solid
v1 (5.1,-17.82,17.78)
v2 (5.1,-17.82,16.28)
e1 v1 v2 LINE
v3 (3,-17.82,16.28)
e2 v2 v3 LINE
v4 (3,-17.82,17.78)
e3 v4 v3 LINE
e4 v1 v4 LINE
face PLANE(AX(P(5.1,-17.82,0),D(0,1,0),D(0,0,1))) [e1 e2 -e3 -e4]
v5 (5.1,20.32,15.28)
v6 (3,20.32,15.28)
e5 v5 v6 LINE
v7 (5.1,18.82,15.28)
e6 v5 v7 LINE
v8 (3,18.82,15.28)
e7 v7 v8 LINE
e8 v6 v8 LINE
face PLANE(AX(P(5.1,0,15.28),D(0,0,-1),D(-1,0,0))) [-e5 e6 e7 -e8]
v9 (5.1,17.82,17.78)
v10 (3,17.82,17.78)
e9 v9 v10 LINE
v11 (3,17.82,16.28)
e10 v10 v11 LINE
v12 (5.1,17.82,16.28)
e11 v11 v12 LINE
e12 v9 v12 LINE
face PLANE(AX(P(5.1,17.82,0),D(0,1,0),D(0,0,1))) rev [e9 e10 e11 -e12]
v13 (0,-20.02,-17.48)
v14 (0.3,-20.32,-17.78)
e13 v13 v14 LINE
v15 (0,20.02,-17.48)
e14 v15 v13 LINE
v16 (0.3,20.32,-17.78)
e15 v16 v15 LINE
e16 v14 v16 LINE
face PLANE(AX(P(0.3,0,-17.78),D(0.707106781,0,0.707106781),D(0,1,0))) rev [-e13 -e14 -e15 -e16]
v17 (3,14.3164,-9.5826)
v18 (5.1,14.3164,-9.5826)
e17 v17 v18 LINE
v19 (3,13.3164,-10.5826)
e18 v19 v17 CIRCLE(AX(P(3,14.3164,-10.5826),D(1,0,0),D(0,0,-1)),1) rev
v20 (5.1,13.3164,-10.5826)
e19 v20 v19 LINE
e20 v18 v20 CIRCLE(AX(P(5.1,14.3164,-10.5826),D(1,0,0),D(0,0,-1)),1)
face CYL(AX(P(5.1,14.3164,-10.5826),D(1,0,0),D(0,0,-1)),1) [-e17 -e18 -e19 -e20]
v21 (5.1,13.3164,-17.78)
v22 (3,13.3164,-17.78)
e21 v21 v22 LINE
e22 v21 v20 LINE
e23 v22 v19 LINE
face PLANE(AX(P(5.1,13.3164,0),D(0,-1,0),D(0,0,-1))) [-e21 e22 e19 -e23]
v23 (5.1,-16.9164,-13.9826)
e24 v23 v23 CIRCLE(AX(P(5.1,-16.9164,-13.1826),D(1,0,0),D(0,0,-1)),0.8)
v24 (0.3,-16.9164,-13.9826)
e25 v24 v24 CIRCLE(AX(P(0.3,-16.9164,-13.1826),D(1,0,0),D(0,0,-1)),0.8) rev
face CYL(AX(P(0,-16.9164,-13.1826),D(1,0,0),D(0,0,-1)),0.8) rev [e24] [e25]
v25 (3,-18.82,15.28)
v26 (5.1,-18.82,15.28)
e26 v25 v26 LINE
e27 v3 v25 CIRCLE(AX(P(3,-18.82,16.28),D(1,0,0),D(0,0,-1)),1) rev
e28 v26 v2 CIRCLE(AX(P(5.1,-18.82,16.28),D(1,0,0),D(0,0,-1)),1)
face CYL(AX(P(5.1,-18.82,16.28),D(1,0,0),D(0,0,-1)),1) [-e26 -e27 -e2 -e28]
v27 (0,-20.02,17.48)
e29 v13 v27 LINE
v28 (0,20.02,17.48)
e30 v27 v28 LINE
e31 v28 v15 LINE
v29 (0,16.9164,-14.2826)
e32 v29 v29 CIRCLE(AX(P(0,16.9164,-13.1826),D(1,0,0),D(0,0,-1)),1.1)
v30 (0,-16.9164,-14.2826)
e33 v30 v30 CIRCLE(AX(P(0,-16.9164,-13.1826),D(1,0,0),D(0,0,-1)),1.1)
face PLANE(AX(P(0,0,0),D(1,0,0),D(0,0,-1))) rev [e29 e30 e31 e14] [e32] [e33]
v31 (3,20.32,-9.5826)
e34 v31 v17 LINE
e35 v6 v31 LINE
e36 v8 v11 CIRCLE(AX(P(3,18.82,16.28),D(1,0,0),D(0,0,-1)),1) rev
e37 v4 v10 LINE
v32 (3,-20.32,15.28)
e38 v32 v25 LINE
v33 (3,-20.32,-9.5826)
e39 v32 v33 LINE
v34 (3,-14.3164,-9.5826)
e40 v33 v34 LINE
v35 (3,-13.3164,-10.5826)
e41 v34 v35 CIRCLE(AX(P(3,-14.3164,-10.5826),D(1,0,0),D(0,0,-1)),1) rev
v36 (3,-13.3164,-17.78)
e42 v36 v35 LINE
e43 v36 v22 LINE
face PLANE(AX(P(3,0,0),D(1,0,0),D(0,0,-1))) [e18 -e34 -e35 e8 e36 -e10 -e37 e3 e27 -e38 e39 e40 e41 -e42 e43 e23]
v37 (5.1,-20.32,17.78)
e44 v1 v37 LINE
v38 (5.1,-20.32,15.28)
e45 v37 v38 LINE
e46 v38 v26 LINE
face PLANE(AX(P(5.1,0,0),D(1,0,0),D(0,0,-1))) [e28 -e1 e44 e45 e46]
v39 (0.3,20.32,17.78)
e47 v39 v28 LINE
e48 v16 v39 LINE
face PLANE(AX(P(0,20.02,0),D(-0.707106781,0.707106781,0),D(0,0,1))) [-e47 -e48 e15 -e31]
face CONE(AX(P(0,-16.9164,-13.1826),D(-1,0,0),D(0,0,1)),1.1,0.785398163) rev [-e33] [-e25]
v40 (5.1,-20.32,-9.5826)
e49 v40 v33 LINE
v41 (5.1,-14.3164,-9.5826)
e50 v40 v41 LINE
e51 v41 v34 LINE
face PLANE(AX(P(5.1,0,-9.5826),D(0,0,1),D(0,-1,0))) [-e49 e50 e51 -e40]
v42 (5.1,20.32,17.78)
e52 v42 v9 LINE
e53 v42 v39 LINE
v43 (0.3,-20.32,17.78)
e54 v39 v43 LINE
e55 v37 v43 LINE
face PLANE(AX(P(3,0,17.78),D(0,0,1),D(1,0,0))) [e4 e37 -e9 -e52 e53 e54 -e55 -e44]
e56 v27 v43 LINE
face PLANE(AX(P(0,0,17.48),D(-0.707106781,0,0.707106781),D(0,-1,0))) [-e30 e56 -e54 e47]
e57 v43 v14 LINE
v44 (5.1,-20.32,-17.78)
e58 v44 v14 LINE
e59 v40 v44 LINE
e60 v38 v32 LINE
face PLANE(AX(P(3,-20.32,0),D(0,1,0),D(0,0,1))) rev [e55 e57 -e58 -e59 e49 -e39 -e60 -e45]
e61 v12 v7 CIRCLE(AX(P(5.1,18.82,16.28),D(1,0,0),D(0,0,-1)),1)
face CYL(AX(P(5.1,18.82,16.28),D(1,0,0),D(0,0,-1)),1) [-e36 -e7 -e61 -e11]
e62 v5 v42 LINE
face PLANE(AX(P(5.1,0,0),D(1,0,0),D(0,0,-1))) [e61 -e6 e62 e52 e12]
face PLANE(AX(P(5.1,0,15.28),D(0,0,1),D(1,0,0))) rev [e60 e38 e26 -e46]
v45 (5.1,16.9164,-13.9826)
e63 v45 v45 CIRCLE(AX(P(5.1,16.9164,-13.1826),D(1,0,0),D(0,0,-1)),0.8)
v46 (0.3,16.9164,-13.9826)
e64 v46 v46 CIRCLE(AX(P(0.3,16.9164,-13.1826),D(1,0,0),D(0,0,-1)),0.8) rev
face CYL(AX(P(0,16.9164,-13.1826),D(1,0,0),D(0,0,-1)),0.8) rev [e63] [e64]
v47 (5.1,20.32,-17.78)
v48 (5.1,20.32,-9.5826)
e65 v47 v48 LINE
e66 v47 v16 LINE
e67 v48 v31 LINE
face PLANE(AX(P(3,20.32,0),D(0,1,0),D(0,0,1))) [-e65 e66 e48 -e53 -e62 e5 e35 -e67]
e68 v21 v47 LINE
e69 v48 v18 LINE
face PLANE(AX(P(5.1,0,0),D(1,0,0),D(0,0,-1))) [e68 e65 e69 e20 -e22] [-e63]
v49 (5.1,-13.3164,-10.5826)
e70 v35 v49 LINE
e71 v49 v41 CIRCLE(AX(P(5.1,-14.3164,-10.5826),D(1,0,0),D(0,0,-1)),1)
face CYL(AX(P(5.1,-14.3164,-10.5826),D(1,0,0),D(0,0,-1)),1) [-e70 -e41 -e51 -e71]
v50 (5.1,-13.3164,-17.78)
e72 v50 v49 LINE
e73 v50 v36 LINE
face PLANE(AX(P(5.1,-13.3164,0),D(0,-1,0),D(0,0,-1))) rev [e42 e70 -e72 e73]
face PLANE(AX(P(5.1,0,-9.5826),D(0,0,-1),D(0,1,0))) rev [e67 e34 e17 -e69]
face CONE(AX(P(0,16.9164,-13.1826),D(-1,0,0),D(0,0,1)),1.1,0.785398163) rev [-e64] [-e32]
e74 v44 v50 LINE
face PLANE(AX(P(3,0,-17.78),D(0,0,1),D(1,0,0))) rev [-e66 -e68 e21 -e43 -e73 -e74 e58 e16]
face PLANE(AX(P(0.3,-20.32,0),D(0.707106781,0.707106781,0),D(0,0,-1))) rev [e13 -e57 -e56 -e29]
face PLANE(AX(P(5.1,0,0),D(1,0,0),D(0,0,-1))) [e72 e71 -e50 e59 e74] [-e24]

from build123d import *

# Parameters (mm, degrees)
SKETCH1_W           = 40.64
SKETCH1_H           = 35.56
BOSS_EXTRUDE1_DEPTH = 3
SKETCH3_W           = 7.0036
SKETCH3_H           = 8.1974
SKETCH3_W_2         = 2.5
SKETCH3_H_2         = 2.5
BOSS_EXTRUDE2_DEPTH = 2.1
SKETCH4_R           = 0.8
CUT_EXTRUDE2_DEPTH  = 28.47800575
FILLET1_R           = 1
CHAMFER1_SIZE       = 0.3


with BuildPart() as part:
    # Sketch1 → Boss-Extrude1 (new body)
    with BuildSketch(Plane.YZ):
        Rectangle(SKETCH1_W, SKETCH1_H)
    extrude(amount=BOSS_EXTRUDE1_DEPTH)

    # Sketch3 → Boss-Extrude2 (add)
    with BuildSketch(Plane.YZ.offset(3)):
        with Locations((-16.8182, -13.6813)):
            Rectangle(SKETCH3_W, SKETCH3_H)
        with Locations((16.8182, -13.6813)):
            Rectangle(SKETCH3_W, SKETCH3_H)
        with Locations((19.07, 16.53)):
            Rectangle(SKETCH3_W_2, SKETCH3_H_2)
        with Locations((-19.07, 16.53)):
            Rectangle(SKETCH3_W_2, SKETCH3_H_2)
    extrude(amount=BOSS_EXTRUDE2_DEPTH)

    # Sketch4 → Cut-Extrude2 (cut, through all)
    with BuildSketch(Plane.YZ.offset(5.1)):
        with Locations(Location((-16.9164, -13.1826, 0), (0, 0, 270))):
            Circle(SKETCH4_R)
        with Locations(Location((16.9164, -13.1826, 0), (0, 0, 270))):
            Circle(SKETCH4_R)
    extrude(amount=-CUT_EXTRUDE2_DEPTH, mode=Mode.SUBTRACT)

    # Fillet1
    fillet1_edges = [part.edges().sort_by_distance(p)[0] for p in [
        (4.05, -17.82, 15.28),
        (4.05, 17.82, 15.28),
        (4.05, 13.3164, -9.5826),
        (4.05, -13.3164, -9.5826),
    ]]
    fillet(fillet1_edges, radius=FILLET1_R)

    # Chamfer1
    chamfer1_edges = [part.edges().sort_by_distance(p)[0] for p in [
        (0, 0, -17.78),
        (0, -20.32, 0),
        (0, 0, 17.78),
        (0, -16.9164, -12.3826),
        (0, 20.32, 0),
        (0, 16.9164, -12.3826),
    ]]
    chamfer(chamfer1_edges, length=CHAMFER1_SIZE)


solid = part.part
